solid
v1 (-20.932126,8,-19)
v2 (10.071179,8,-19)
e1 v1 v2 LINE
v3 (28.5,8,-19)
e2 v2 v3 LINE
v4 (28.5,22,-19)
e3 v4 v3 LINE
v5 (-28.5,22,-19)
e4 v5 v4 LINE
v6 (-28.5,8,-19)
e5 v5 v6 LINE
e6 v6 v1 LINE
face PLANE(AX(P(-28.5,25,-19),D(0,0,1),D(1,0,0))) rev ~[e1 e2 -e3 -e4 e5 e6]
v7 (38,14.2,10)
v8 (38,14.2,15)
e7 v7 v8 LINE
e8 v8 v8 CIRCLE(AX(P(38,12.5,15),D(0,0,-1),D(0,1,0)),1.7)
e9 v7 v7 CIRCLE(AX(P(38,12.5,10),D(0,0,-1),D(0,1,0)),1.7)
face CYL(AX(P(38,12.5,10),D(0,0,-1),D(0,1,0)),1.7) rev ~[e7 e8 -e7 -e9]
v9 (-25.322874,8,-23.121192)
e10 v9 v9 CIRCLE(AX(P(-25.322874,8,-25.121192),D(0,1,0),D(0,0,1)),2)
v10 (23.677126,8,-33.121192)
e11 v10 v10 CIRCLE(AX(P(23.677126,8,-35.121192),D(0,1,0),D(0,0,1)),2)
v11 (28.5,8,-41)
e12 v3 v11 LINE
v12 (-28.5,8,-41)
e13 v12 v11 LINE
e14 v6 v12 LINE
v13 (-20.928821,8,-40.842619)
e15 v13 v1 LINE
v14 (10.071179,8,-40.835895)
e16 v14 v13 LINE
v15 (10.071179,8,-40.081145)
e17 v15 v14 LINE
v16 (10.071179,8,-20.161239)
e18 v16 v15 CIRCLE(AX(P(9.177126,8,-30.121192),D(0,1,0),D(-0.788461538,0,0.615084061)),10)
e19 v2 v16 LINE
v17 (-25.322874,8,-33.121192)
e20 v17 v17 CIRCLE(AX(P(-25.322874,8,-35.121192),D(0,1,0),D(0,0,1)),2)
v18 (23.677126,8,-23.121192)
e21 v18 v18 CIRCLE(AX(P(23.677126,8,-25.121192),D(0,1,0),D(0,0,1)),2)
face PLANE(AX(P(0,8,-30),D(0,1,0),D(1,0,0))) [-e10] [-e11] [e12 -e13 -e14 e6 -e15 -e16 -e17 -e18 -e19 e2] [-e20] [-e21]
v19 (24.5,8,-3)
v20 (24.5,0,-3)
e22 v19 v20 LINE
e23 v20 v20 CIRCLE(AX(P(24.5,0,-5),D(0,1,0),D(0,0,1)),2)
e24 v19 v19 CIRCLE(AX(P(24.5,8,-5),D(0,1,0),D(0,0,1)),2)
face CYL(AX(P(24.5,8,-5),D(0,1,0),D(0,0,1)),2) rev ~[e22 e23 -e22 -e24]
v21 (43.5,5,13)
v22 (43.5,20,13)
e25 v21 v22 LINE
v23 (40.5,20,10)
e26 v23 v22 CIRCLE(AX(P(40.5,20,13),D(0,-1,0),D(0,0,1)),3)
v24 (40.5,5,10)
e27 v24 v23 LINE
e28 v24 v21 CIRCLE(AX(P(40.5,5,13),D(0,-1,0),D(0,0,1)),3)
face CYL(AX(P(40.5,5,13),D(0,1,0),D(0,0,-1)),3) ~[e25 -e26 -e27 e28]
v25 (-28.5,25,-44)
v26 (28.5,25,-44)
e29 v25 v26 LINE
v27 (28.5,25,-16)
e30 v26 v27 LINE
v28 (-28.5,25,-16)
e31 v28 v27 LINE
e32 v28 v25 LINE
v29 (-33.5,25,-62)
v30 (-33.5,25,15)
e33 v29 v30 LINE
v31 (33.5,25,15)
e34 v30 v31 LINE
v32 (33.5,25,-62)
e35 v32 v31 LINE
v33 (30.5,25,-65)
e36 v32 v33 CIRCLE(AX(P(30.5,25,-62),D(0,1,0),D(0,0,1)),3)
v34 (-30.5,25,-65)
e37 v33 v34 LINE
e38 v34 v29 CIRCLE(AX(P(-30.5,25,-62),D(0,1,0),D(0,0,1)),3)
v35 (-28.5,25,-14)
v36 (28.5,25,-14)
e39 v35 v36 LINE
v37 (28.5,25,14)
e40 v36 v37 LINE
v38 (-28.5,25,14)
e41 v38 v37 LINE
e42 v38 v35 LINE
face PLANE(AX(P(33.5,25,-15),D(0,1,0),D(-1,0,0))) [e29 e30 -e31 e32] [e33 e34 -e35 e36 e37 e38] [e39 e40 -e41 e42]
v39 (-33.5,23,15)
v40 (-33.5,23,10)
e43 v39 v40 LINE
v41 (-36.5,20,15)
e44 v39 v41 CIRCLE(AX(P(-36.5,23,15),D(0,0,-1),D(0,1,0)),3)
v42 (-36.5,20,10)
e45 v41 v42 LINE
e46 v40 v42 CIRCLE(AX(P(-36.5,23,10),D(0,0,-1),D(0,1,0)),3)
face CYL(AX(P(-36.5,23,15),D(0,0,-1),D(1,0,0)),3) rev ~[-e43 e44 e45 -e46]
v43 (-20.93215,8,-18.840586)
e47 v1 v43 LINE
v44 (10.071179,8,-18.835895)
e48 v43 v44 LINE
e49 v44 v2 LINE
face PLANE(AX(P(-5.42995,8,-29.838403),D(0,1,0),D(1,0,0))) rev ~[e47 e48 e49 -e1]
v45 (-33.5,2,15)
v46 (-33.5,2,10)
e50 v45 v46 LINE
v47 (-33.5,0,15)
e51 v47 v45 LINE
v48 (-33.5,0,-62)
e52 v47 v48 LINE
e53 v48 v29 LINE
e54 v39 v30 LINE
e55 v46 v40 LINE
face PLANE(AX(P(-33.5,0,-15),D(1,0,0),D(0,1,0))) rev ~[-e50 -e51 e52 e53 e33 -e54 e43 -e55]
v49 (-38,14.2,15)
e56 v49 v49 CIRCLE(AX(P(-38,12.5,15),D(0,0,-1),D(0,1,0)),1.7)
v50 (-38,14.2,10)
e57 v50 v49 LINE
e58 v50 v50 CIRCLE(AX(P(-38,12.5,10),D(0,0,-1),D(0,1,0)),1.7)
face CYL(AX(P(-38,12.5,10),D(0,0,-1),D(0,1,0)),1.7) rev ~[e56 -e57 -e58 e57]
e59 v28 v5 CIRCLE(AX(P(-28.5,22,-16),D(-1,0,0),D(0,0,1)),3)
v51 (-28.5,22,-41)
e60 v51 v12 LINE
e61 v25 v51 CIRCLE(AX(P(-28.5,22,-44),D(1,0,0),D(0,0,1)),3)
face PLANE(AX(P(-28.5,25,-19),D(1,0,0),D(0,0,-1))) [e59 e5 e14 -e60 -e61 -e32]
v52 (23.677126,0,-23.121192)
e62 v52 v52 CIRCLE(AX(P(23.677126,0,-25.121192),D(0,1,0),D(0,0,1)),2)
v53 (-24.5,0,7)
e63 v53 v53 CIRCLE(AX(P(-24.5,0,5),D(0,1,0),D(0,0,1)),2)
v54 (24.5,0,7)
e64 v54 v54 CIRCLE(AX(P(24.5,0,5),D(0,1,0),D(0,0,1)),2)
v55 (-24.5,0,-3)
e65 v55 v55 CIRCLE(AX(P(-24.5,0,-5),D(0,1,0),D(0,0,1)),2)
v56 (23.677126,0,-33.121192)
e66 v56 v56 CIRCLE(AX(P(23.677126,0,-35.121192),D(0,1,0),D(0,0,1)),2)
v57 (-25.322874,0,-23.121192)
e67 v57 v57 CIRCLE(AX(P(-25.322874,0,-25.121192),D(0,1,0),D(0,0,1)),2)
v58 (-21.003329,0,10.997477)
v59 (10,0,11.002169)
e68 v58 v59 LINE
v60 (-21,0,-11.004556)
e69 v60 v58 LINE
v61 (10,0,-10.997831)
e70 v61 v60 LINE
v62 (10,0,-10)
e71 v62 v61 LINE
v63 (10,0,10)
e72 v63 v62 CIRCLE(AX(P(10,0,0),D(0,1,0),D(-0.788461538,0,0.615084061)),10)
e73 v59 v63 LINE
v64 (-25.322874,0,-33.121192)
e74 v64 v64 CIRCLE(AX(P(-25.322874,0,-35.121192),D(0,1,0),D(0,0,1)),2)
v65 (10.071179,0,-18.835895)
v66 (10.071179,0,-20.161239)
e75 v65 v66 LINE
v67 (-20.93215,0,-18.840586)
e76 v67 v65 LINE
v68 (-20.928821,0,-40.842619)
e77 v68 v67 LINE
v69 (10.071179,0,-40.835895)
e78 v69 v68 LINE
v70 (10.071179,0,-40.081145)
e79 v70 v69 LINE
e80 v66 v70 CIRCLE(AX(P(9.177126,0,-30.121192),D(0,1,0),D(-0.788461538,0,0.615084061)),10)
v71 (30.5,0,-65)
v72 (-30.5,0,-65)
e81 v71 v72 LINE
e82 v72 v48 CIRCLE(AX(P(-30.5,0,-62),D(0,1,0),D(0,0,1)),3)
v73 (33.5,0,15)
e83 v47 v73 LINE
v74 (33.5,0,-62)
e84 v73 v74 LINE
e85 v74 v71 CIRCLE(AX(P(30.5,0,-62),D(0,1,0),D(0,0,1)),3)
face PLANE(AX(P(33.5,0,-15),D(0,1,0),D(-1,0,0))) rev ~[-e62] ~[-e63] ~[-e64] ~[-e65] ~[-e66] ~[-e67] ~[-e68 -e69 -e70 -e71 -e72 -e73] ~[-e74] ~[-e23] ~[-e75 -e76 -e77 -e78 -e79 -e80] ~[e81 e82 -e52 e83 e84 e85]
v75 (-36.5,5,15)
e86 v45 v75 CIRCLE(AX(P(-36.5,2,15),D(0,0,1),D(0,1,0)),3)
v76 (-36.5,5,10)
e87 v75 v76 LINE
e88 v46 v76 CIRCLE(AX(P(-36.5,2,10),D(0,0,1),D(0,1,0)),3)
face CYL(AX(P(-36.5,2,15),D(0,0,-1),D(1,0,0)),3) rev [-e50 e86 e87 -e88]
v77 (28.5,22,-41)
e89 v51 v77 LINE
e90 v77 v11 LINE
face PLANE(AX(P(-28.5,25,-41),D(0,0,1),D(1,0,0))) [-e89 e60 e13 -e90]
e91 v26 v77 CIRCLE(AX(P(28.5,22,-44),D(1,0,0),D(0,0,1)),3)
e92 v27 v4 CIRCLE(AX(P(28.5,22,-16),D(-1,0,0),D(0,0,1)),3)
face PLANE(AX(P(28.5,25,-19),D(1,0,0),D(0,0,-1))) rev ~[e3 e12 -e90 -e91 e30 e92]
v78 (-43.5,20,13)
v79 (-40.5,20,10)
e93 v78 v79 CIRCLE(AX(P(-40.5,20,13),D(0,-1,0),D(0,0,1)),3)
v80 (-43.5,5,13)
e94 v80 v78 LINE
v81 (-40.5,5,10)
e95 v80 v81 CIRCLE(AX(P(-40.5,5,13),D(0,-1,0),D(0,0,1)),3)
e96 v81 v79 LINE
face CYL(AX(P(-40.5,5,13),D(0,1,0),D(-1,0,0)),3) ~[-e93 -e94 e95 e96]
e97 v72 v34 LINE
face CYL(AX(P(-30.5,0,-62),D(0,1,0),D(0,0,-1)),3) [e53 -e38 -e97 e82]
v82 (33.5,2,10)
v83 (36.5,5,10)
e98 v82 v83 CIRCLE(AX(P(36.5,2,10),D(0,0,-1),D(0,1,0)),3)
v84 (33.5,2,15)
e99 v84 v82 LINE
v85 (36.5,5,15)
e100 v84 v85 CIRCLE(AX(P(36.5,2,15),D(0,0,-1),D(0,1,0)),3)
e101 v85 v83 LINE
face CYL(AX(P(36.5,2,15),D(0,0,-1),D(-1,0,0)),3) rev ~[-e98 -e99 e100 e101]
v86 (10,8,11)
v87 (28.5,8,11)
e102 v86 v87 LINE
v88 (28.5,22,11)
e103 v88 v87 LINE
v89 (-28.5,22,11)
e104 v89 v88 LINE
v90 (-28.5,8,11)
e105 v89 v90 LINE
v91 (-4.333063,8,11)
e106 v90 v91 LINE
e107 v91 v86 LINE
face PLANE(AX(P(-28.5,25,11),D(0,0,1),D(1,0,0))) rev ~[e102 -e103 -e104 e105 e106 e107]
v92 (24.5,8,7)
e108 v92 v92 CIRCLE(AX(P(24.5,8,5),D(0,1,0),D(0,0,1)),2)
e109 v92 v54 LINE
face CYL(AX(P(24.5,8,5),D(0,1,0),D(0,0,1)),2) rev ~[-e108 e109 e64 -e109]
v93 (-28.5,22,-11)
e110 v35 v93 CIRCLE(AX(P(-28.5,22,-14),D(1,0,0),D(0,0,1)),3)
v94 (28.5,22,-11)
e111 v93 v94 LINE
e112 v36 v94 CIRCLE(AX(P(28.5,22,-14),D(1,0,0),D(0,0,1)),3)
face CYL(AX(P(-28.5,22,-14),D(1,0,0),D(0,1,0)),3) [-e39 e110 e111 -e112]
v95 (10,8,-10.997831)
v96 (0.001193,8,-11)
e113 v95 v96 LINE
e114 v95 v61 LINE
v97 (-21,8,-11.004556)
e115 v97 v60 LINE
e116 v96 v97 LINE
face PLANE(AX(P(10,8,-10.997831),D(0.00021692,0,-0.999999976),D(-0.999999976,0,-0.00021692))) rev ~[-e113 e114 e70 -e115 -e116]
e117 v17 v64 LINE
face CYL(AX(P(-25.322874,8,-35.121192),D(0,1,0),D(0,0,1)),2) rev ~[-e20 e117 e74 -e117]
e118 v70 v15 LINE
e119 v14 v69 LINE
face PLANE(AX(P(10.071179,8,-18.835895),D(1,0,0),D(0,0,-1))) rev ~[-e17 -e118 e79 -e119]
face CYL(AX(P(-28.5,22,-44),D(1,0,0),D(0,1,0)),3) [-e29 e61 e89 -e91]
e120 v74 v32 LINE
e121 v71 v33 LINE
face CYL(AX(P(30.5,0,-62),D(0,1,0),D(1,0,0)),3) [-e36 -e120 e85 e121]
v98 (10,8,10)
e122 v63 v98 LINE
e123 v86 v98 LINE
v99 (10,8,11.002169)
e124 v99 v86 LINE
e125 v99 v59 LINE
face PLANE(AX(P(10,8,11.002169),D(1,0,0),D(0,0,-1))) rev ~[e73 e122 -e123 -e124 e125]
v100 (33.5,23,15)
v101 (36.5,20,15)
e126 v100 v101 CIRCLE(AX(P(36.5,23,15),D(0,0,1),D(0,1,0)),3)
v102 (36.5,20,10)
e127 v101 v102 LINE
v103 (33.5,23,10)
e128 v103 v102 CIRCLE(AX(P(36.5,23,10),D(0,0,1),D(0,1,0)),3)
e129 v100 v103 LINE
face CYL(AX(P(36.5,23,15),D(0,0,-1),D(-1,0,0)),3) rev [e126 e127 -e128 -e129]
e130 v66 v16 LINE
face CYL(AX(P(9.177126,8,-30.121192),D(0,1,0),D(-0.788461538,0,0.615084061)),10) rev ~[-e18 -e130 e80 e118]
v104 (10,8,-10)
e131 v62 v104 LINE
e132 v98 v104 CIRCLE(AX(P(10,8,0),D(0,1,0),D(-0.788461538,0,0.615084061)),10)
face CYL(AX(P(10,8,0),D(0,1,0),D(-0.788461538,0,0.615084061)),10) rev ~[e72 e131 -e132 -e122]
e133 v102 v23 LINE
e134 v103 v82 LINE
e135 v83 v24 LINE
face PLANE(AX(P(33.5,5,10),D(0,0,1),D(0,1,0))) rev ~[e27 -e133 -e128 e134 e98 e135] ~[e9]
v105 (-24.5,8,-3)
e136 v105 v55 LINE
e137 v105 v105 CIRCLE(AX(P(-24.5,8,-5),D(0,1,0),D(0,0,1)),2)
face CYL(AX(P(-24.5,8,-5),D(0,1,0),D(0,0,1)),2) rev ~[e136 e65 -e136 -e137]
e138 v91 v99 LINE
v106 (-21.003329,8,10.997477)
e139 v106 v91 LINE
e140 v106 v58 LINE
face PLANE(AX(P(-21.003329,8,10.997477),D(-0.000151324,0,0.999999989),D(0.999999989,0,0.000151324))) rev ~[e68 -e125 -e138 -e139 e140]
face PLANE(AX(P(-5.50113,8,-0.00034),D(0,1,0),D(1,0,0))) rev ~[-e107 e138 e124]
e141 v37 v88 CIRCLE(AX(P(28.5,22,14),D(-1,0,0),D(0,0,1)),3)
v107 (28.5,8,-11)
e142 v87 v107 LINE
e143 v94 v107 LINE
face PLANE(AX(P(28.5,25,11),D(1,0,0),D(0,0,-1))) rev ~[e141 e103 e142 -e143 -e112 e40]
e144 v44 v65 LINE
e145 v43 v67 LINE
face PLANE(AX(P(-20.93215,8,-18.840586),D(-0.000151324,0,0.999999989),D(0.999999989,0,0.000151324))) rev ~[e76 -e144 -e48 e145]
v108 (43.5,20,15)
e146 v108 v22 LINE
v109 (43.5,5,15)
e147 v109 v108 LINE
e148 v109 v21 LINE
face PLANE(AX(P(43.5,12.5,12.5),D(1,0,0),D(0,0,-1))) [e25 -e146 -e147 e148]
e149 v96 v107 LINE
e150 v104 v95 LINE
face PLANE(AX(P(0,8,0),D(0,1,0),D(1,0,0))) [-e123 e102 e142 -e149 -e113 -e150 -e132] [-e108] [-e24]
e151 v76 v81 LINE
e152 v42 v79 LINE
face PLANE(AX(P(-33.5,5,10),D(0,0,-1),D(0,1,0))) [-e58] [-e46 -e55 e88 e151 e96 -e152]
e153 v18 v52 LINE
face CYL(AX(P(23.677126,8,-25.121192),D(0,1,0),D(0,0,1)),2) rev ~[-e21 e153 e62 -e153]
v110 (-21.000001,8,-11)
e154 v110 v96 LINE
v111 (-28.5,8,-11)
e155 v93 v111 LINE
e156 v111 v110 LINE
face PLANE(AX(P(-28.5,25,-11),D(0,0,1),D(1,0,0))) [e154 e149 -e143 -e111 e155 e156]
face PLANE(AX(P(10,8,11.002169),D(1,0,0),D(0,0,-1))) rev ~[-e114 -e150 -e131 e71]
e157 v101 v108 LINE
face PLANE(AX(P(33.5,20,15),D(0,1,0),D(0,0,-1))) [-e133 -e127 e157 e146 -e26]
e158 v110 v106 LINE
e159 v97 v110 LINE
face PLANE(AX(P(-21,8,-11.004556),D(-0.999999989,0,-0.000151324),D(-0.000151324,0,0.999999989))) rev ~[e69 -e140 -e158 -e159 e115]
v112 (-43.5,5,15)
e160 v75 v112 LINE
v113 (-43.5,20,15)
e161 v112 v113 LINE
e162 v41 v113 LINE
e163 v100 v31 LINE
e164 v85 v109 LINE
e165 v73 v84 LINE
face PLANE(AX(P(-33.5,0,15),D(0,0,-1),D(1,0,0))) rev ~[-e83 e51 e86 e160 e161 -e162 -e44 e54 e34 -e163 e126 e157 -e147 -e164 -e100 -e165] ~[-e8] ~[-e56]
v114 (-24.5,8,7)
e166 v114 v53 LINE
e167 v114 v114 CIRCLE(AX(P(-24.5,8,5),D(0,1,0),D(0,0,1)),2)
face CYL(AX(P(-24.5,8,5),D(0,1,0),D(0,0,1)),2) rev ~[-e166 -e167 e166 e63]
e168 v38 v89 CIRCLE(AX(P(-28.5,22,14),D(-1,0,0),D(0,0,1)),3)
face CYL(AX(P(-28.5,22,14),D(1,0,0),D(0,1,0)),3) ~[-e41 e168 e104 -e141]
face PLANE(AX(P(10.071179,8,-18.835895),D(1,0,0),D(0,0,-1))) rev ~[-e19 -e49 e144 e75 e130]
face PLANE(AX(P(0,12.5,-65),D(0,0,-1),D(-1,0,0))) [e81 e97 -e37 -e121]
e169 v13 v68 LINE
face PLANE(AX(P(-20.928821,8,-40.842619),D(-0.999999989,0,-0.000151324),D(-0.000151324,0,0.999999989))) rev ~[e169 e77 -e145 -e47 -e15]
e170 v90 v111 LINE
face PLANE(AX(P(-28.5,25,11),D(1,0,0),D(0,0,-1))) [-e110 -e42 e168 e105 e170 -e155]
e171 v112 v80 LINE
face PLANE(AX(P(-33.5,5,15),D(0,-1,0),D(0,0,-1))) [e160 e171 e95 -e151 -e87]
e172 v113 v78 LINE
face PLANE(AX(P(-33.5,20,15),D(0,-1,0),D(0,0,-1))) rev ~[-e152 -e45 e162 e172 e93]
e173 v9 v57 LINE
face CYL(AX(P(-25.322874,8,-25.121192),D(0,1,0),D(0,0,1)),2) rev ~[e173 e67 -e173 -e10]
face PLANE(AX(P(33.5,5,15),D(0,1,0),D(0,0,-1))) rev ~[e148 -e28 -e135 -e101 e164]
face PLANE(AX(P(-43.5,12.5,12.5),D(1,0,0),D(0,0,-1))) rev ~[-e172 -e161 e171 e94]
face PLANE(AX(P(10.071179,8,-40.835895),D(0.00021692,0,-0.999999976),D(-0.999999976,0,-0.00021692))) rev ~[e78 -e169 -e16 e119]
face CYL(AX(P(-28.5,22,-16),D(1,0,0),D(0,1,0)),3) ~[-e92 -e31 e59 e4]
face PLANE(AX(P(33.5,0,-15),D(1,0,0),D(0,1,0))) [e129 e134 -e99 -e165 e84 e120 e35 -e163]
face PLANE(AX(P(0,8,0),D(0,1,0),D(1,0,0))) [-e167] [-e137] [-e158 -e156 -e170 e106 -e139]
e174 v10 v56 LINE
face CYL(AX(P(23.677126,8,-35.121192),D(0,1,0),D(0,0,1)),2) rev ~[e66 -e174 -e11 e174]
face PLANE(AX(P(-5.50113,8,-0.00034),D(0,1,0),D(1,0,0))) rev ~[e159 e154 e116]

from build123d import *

# Parameters (mm, degrees)
SKETCH1_W           = 67
SKETCH1_H           = 30
BOSS_EXTRUDE1_DEPTH = 25
SKETCH2_W           = 57
SKETCH2_H           = 22
CUT_EXTRUDE1_DEPTH  = 17
SKETCH3_R           = 10
SKETCH3_R_2         = 8
SKETCH3_R_3         = 2
CUT_EXTRUDE2_DEPTH  = 8
BOSS_EXTRUDE2_START = -67
SKETCH4_W           = 5
SKETCH4_H           = 15
BOSS_EXTRUDE2_DEPTH = 10
SKETCH4_2_W         = 5
SKETCH4_2_H         = 15
BOSS_EXTRUDE3_DEPTH = 10
SKETCH5_R           = 1.7
CUT_EXTRUDE3_DEPTH  = 10
CUT_EXTRUDE4_DEPTH  = 8
SKETCH8_W           = 67
SKETCH8_H           = 25
BOSS_EXTRUDE4_DEPTH = 50
SKETCH9_W           = 57
SKETCH9_H           = 22
CUT_EXTRUDE6_DEPTH  = 17
SKETCH11_R          = 10
SKETCH11_R_2        = 8
SKETCH11_R_3        = 2
CUT_EXTRUDE7_DEPTH  = 81.039052968
CUT_EXTRUDE8_DEPTH  = 81.039052968
FILLET1_R           = 3


with BuildPart() as part:
    # Sketch1 → Boss-Extrude1 (new body)
    with BuildSketch(Plane(origin=(0, 0, 0), x_dir=(1, 0, 0), z_dir=(0, 1, 0))):
        Rectangle(SKETCH1_W, SKETCH1_H)
    extrude(amount=BOSS_EXTRUDE1_DEPTH)

    # Sketch2 → Cut-Extrude1 (cut)
    with BuildSketch(Plane(origin=(0, 25, 0), x_dir=(1, 0, 0), z_dir=(0, 1, 0))):
        Rectangle(SKETCH2_W, SKETCH2_H)
    extrude(amount=-CUT_EXTRUDE1_DEPTH, mode=Mode.SUBTRACT)

    # Sketch3 → Cut-Extrude2 (cut)
    with BuildSketch(Plane(origin=(0, 8, 0), x_dir=(1, 0, 0), z_dir=(0, 1, 0))):
        with Locations((10, 0)):
            Circle(SKETCH3_R)
        with Locations((-3, 0)):
            Circle(SKETCH3_R_2)
        with Locations(Location((-24.5, 5, 0), (0, 0, 270))):
            Circle(SKETCH3_R_3)
        with Locations(Location((-24.5, -5, 0), (0, 0, 270))):
            Circle(SKETCH3_R_3)
        with Locations(Location((24.5, 5, 0), (0, 0, 270))):
            Circle(SKETCH3_R_3)
        with Locations(Location((24.5, -5, 0), (0, 0, 270))):
            Circle(SKETCH3_R_3)
    extrude(amount=-CUT_EXTRUDE2_DEPTH, mode=Mode.SUBTRACT)

    # Sketch4 → Boss-Extrude2 (add)
    with BuildSketch(Plane(origin=(33.5, 0, 0), x_dir=(0, 0, -1), z_dir=(1, 0, 0)).offset(BOSS_EXTRUDE2_START)):
        with Locations((-12.5, 12.5)):
            Rectangle(SKETCH4_W, SKETCH4_H)
    extrude(amount=-BOSS_EXTRUDE2_DEPTH)

    # Sketch4<2> → Boss-Extrude3 (add)
    with BuildSketch(Plane(origin=(33.5, 0, 0), x_dir=(0, 0, -1), z_dir=(1, 0, 0))):
        with Locations((-12.5, 12.5)):
            Rectangle(SKETCH4_2_W, SKETCH4_2_H)
    extrude(amount=BOSS_EXTRUDE3_DEPTH)

    # Sketch5 → Cut-Extrude3 (cut)
    with BuildSketch(Plane(origin=(0, 0, 10), x_dir=(-1, 0, 0), z_dir=(0, 0, -1))):
        with Locations(Location((38, 12.5, 0), (0, 0, 90))):
            Circle(SKETCH5_R)
        with Locations(Location((-38, 12.5, 0), (0, 0, 90))):
            Circle(SKETCH5_R)
    extrude(amount=-CUT_EXTRUDE3_DEPTH, mode=Mode.SUBTRACT)

    # Sketch6 → Cut-Extrude4 (cut)
    with BuildSketch(Plane(origin=(0, 8, 0), x_dir=(1, 0, 0), z_dir=(0, 1, 0))):
        Polygon((-21, 11.00455557), (-21.003329437, -10.997477388), (10, -11.002168937), (10, 10.997831063), align=None)
    extrude(amount=-CUT_EXTRUDE4_DEPTH, mode=Mode.SUBTRACT)

    # Sketch8 → Boss-Extrude4 (add)
    with BuildSketch(Plane(origin=(0, 0, -15), x_dir=(-1, 0, 0), z_dir=(0, 0, -1))):
        with Locations((0, 12.5)):
            Rectangle(SKETCH8_W, SKETCH8_H)
    extrude(amount=BOSS_EXTRUDE4_DEPTH)

    # Sketch9 → Cut-Extrude6 (cut)
    with BuildSketch(Plane(origin=(0, 25, 0), x_dir=(1, 0, 0), z_dir=(0, 1, 0))):
        with Locations((0, 30)):
            Rectangle(SKETCH9_W, SKETCH9_H)
    extrude(amount=-CUT_EXTRUDE6_DEPTH, mode=Mode.SUBTRACT)

    # Sketch11 → Cut-Extrude7 (cut, through all)
    with BuildSketch(Plane(origin=(0, 8, 0), x_dir=(1, 0, 0), z_dir=(0, 1, 0))):
        with Locations((9.177125898, 30.121191818)):
            Circle(SKETCH11_R)
        with Locations((-3.822874102, 30.121191818)):
            Circle(SKETCH11_R_2)
        with Locations(Location((-25.322874102, 35.121191818, 0), (0, 0, 270))):
            Circle(SKETCH11_R_3)
        with Locations(Location((-25.322874102, 25.121191818, 0), (0, 0, 270))):
            Circle(SKETCH11_R_3)
        with Locations(Location((23.677125898, 35.121191818, 0), (0, 0, 270))):
            Circle(SKETCH11_R_3)
        with Locations(Location((23.677125898, 25.121191818, 0), (0, 0, 270))):
            Circle(SKETCH11_R_3)
    extrude(amount=-CUT_EXTRUDE7_DEPTH, mode=Mode.SUBTRACT)

    # Sketch13 → Cut-Extrude8 (cut, through all)
    with BuildSketch(Plane(origin=(0, 8, 0), x_dir=(1, 0, 0), z_dir=(0, 1, 0))):
        Polygon((-20.928820676, 40.842619331), (-20.932150113, 18.840586374), (10.071179324, 18.835894824), (10.071179324, 40.835894824), align=None)
    extrude(amount=-CUT_EXTRUDE8_DEPTH, mode=Mode.SUBTRACT)

    # Fillet1
    fillet1_edges = [part.edges().sort_by_distance(p)[0] for p in [
        (0, 25, -41),
        (0, 25, -19),
        (0, 25, 11),
        (-43.5, 12.5, 10),
        (-33.5, 20, 12.5),
        (-33.5, 5, 12.5),
        (0, 25, -11),
        (33.5, 20, 12.5),
        (33.5, 5, 12.5),
        (43.5, 12.5, 10),
        (33.5, 12.5, -65),
        (-33.5, 12.5, -65),
    ]]
    fillet(fillet1_edges, radius=FILLET1_R)


solid = part.part
